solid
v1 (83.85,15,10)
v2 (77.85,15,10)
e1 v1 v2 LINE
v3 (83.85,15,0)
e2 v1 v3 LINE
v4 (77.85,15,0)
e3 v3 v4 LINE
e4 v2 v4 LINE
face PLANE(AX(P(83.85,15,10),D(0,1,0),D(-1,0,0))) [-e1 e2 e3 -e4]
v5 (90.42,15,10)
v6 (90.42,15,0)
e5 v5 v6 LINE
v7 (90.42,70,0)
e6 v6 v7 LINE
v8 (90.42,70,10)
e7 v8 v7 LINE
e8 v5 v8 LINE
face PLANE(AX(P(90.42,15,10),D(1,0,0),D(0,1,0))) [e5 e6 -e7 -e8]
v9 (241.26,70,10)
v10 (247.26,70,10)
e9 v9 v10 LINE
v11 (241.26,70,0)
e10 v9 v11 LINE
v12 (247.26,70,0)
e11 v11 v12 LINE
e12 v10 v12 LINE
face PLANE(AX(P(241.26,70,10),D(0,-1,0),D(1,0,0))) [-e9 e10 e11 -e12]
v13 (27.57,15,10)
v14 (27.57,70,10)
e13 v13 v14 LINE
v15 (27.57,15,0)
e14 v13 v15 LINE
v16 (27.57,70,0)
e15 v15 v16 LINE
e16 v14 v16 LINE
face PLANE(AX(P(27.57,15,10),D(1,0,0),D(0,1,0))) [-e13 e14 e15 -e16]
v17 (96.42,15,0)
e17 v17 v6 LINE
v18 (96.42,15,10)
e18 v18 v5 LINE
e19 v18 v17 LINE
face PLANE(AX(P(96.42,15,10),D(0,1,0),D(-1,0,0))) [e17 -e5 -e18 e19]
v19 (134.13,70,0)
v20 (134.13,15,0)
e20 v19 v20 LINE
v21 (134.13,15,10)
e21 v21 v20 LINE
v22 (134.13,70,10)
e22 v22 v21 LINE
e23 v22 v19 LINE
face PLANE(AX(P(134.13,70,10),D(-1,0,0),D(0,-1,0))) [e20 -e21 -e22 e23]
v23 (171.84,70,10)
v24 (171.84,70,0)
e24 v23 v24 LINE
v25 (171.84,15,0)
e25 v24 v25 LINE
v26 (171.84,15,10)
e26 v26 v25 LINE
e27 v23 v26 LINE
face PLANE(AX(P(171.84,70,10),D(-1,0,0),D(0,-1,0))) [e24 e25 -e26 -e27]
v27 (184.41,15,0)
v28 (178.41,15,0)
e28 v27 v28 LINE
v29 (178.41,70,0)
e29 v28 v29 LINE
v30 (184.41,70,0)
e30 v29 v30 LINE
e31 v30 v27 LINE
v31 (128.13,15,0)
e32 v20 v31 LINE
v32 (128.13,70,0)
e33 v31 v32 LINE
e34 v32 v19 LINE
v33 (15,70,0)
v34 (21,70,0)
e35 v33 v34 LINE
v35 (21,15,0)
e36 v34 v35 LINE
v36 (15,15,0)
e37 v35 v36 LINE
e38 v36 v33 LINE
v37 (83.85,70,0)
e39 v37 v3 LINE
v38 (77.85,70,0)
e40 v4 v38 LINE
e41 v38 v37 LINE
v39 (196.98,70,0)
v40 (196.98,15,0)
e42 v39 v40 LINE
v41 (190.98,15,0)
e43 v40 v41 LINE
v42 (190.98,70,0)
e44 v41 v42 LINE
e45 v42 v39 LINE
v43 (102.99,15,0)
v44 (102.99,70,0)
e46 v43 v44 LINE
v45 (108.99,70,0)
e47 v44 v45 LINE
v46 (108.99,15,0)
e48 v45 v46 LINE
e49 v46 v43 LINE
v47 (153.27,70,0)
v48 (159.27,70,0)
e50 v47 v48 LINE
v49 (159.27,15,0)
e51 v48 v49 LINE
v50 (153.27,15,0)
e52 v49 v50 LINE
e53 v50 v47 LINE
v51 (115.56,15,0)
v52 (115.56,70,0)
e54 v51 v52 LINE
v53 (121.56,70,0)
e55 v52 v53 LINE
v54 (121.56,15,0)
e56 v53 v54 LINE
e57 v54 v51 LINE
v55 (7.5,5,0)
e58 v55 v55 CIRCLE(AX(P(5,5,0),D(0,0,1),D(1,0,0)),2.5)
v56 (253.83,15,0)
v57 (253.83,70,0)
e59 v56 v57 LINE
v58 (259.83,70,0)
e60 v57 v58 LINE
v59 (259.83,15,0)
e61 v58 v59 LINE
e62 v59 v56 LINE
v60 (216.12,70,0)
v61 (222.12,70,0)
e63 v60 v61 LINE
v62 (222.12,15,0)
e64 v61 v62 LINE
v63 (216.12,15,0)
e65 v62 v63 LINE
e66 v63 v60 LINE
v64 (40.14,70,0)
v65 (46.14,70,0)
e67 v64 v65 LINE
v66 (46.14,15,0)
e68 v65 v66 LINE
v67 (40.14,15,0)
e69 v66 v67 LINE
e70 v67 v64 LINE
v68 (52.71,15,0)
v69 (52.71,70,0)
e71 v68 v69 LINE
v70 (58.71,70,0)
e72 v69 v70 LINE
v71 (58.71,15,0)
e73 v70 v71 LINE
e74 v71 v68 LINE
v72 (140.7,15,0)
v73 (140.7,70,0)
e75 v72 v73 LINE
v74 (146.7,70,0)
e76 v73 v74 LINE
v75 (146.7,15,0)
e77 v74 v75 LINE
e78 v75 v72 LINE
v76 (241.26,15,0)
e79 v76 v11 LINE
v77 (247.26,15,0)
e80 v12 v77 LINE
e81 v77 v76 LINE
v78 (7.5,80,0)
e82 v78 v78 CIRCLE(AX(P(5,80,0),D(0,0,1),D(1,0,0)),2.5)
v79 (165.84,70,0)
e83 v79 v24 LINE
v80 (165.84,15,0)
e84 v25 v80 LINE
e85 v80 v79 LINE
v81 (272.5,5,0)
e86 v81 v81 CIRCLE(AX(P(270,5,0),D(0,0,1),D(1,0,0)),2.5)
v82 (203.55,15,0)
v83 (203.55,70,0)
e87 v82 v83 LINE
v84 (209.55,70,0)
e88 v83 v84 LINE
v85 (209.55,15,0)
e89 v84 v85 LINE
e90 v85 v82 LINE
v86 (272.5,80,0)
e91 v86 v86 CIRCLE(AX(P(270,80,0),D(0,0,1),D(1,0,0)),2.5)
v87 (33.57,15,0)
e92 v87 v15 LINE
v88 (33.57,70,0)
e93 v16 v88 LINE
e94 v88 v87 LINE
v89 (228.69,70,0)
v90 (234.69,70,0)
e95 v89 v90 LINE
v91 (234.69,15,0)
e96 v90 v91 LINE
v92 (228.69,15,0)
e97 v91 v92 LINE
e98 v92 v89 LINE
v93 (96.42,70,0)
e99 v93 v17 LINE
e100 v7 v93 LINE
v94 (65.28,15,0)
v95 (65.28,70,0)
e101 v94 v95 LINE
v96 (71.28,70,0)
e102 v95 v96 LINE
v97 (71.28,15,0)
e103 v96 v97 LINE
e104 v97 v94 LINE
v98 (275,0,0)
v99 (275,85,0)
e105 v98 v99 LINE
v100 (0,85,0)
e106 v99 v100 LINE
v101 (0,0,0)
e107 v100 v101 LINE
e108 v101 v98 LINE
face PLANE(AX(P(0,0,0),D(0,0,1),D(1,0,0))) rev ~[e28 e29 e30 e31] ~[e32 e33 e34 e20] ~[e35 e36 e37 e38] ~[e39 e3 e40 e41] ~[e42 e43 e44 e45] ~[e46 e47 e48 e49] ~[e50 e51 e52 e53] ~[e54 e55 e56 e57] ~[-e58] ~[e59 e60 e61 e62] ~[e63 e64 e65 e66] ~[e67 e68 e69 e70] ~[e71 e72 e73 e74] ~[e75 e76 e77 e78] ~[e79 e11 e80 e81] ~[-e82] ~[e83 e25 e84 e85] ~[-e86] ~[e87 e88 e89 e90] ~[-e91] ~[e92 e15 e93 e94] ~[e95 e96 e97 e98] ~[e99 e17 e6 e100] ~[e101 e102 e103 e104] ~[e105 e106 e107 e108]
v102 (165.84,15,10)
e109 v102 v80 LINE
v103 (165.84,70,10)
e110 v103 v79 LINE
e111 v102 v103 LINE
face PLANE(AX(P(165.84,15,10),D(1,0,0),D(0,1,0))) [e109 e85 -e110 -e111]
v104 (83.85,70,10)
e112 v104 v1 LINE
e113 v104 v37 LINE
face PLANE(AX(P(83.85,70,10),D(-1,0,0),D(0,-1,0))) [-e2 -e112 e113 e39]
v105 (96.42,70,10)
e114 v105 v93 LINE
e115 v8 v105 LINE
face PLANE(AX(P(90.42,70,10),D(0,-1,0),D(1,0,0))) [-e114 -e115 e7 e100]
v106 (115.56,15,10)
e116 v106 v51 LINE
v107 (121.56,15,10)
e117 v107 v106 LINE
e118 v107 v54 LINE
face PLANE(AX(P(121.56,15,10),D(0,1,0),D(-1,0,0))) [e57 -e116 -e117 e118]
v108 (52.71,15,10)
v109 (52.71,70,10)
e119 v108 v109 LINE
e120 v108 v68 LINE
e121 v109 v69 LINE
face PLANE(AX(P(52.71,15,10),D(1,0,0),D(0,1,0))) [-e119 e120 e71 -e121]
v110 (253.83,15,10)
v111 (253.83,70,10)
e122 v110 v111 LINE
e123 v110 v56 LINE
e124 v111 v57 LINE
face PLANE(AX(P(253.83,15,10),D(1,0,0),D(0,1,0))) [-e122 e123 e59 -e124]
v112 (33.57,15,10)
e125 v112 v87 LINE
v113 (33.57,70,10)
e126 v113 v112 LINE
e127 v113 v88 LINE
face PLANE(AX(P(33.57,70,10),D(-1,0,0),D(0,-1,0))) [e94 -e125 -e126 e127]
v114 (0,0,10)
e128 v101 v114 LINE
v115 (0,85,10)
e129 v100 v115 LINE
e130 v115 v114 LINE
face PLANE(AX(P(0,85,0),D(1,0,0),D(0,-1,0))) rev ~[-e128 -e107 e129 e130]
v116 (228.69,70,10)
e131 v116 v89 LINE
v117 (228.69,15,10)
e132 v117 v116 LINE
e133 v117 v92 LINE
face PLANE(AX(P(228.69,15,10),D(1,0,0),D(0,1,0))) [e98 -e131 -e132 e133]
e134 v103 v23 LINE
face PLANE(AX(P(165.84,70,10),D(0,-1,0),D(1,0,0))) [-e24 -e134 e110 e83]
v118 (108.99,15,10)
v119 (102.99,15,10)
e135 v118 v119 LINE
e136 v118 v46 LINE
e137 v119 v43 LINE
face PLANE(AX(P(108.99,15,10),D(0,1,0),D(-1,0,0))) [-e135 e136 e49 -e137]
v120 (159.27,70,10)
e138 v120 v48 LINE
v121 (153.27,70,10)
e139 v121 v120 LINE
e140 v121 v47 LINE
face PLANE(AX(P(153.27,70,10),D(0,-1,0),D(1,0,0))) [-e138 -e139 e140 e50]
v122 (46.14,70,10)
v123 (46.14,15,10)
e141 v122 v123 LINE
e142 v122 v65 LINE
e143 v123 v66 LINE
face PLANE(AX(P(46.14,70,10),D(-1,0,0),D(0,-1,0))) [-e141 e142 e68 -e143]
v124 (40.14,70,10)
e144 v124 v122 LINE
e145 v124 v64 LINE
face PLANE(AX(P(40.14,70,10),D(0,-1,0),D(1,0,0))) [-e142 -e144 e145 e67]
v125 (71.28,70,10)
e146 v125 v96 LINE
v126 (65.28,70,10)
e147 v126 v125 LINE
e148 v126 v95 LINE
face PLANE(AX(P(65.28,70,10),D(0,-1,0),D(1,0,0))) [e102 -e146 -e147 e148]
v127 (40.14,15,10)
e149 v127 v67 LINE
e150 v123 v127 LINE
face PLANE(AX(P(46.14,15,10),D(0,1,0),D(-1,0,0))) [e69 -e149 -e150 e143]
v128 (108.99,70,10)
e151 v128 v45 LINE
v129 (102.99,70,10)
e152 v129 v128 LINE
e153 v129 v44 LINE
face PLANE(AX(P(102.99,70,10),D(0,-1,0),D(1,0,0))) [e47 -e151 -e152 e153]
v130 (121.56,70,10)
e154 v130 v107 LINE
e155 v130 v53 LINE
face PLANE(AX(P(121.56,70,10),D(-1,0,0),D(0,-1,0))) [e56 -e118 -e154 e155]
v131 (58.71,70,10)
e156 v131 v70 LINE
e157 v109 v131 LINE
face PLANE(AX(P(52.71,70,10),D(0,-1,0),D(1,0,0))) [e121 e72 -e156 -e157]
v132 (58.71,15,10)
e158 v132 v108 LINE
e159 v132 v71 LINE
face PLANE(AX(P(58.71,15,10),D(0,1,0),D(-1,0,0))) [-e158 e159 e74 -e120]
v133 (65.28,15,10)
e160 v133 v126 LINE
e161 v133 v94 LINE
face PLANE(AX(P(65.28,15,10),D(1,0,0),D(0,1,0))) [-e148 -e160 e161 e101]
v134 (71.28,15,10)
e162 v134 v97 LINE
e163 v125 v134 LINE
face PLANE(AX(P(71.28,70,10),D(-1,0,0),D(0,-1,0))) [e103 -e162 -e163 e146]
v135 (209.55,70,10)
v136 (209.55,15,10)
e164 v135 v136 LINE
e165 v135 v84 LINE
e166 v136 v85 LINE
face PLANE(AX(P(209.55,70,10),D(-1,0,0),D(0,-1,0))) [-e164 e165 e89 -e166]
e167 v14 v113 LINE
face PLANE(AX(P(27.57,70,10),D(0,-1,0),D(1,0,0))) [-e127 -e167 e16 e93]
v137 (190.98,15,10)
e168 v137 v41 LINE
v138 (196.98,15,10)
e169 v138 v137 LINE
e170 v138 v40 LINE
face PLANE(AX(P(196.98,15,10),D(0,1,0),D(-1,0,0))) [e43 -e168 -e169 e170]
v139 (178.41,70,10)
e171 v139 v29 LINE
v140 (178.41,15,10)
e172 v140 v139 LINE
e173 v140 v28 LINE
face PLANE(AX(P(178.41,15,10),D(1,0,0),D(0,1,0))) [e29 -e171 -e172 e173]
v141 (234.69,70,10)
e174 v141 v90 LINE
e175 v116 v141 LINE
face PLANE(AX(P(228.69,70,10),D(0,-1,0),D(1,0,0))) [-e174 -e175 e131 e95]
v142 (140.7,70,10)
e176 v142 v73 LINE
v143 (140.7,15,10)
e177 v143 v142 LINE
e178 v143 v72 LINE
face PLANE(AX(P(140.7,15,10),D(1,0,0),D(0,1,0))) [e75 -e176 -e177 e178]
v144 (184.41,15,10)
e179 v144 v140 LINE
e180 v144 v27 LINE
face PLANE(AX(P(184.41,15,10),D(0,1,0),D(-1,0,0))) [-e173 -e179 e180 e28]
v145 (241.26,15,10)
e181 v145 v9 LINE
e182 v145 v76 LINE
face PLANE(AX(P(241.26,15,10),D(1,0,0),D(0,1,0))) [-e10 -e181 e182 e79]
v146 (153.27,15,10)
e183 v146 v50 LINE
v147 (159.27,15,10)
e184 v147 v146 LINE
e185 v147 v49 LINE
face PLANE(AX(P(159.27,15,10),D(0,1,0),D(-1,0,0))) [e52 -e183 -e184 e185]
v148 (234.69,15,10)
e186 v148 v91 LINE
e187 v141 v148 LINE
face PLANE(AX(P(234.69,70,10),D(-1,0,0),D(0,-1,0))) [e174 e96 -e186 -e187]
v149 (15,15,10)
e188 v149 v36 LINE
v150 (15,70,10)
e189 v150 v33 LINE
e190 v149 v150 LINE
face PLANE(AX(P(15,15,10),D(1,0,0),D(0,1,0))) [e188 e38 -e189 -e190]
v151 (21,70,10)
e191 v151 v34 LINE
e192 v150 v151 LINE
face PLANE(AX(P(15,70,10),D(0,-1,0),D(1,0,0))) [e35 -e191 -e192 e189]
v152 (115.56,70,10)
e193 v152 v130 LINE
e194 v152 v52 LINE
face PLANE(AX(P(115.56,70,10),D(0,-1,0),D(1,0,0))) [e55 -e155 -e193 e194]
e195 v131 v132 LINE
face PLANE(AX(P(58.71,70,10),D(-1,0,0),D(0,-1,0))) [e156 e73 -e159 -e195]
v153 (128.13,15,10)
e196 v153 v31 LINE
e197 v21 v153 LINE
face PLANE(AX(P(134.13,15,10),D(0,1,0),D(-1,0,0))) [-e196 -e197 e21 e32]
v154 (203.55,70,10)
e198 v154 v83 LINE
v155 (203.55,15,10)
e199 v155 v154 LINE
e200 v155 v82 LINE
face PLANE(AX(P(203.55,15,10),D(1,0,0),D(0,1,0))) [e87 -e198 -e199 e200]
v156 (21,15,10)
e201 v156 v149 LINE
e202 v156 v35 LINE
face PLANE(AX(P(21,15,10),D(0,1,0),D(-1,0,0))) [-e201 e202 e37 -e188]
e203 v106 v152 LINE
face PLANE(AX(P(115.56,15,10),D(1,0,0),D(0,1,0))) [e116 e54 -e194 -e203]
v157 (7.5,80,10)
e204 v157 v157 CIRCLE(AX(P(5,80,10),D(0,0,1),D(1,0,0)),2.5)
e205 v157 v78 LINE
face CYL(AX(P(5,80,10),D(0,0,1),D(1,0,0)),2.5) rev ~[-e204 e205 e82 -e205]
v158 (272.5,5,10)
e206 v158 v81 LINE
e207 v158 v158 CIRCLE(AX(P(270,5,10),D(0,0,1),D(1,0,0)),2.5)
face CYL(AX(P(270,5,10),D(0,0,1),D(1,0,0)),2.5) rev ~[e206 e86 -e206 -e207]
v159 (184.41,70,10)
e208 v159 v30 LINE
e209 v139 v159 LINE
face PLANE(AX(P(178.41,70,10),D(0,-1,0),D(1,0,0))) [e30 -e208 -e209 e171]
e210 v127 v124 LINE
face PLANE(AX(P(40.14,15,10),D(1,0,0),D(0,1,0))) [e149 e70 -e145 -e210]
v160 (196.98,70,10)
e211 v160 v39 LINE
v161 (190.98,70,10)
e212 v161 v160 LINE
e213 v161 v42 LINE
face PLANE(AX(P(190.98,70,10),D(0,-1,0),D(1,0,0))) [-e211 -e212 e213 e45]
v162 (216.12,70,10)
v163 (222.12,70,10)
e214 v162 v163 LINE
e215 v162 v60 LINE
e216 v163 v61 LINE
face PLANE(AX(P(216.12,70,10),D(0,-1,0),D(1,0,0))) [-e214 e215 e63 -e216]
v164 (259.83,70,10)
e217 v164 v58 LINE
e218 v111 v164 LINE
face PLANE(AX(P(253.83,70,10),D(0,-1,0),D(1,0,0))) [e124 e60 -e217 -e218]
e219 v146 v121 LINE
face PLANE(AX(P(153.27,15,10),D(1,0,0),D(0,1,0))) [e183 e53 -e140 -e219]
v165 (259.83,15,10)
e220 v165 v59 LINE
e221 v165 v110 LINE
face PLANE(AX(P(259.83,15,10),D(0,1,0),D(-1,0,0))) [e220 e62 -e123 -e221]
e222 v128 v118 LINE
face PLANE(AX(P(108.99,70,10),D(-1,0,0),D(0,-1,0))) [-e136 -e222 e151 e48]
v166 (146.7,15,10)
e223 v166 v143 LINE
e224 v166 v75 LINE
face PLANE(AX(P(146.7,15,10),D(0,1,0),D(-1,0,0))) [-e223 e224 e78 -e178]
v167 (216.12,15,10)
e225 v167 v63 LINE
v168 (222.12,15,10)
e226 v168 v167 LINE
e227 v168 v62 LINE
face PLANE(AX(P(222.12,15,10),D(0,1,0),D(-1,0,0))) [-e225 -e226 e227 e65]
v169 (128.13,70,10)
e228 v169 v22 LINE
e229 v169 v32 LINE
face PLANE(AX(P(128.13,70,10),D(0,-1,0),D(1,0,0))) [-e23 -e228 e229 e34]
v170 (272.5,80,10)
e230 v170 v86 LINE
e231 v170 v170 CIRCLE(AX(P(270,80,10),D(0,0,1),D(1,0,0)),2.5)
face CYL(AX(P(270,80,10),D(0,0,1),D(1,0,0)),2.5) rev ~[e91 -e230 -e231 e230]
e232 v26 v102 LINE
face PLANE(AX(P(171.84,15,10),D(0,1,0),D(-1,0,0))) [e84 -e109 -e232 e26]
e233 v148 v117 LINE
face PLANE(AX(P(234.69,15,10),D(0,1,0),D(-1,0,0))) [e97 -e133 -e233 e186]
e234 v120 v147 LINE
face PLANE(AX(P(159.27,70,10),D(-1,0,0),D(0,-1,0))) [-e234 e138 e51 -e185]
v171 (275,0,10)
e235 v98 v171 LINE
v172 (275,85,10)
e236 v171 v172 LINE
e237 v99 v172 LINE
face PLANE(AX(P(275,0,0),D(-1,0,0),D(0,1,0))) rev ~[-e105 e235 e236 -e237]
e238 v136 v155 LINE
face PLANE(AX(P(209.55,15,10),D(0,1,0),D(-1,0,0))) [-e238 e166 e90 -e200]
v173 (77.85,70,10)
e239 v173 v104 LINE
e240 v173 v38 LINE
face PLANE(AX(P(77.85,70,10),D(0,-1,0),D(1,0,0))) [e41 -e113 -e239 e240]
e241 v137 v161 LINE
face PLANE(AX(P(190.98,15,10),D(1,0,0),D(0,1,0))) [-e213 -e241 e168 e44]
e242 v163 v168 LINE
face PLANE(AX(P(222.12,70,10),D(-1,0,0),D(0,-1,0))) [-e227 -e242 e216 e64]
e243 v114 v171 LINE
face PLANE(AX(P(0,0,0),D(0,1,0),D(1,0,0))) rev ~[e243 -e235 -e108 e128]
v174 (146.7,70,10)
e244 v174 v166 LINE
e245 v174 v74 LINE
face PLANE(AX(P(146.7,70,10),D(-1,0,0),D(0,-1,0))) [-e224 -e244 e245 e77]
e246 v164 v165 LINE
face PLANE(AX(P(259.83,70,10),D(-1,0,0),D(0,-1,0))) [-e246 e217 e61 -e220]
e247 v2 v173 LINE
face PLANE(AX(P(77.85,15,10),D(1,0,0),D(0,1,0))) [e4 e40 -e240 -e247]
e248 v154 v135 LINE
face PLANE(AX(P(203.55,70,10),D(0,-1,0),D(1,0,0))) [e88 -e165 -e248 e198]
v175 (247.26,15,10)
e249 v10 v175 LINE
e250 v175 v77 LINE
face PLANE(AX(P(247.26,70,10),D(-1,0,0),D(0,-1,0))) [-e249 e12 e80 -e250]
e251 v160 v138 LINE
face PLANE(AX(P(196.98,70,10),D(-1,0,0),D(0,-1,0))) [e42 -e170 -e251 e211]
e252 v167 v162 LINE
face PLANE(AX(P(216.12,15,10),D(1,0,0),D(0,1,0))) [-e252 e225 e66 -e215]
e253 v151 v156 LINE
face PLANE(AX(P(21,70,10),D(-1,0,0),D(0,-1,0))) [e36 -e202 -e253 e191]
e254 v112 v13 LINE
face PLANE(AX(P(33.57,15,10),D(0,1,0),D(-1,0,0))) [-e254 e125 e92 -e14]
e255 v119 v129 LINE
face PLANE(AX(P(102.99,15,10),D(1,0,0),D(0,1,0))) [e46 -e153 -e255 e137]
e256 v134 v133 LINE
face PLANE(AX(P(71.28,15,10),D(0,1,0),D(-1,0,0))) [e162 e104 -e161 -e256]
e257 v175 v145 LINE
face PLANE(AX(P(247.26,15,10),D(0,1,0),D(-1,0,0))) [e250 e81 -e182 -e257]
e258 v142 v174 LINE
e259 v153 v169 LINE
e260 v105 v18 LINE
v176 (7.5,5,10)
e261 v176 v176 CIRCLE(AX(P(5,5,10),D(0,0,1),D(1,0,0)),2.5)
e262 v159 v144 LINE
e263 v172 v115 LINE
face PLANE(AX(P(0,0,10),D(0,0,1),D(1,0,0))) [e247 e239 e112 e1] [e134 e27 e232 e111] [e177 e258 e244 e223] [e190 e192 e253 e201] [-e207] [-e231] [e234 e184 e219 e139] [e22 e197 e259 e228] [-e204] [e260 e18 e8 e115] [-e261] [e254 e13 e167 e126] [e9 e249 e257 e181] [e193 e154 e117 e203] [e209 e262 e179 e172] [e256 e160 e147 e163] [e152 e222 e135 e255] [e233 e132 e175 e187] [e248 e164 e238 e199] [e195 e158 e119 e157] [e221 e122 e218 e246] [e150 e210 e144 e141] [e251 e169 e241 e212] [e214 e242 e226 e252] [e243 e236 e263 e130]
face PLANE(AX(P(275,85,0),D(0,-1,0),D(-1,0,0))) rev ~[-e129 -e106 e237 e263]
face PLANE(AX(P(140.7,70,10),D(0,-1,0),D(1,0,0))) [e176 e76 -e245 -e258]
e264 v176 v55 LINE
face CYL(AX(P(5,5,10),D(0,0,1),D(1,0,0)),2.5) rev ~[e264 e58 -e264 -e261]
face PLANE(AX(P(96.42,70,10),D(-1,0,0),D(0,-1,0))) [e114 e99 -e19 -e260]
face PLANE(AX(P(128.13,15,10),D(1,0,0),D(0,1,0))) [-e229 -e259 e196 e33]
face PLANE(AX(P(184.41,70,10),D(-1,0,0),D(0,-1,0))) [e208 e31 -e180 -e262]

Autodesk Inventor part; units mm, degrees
ref_plane "YZ Plane" through (0, 0, 0) normal (1, 0, 0) x (0, 1, 0)
ref_plane "XZ Plane" through (0, 0, 0) normal (0, 1, 0) x (-1, 0, 0)
ref_plane "XY Plane" through (0, 0, 0) normal (0, 0, 1) x (1, 0, 0)
sketch "Sketch1" plane through (0, 0, 0) normal (0, 0, 1) x (1, 0, 0)
  line L0 (0, 0) -> (275, 0)
  line L1 (275, 0) -> (275, 85)
  line L2 (275, 85) -> (0, 85)
  line L3 (0, 85) -> (0, 0)
  dimension "d0" = 275
  dimension "d1" = 85
extrude "Extrusion1" add sketch "Sketch1" along normal blind 10
sketch "Sketch2" plane through (0, 0, 10) normal (0, 0, 1) x (1, 0, 0)
  line L0 (0, 0) -> (275, 0) construction
  line L1 (275, 0) -> (275, 85) construction
  line L2 (275, 85) -> (0, 85) construction
  line L3 (0, 85) -> (0, 0) construction
  line L4 (5, 80) -> (270, 80) construction
  line L5 (270, 80) -> (270, 5) construction
  line L6 (270, 5) -> (5, 5) construction
  line L7 (5, 5) -> (5, 80) construction
  line L8 (10, 75) -> (265, 75) construction
  line L9 (265, 75) -> (265, 10) construction
  line L10 (265, 10) -> (10, 10) construction
  line L11 (10, 10) -> (10, 75) construction
  circle A0 centre (5, 80) radius 2.5
  circle A1 centre (270, 80) radius 2.5
  circle A2 centre (270, 5) radius 2.5
  circle A3 centre (5, 5) radius 2.5
  line L12 (15, 70) -> (21, 70)
  line L13 (21, 70) -> (21, 15)
  line L14 (21, 15) -> (15, 15)
  line L15 (15, 15) -> (15, 70)
  line L16 (15, 70) -> (260, 70) construction
  line L17 (260, 70) -> (260, 15) construction
  line L18 (260, 15) -> (15, 15) construction
  line L19 (15, 15) -> (15, 70) construction
  line L20 (33.57, 70) -> (33.57, 15)
  line L21 (27.57, 70) -> (33.57, 70)
  line L22 (27.57, 15) -> (27.57, 70)
  line L23 (27.57, 15) -> (27.57, 70) construction
  line L24 (33.57, 15) -> (27.57, 15)
  line L25 (46.14, 70) -> (46.14, 15)
  line L26 (40.14, 70) -> (46.14, 70)
  line L27 (40.14, 15) -> (40.14, 70)
  line L28 (40.14, 15) -> (40.14, 70) construction
  line L29 (46.14, 15) -> (40.14, 15)
  line L30 (58.71, 70) -> (58.71, 15)
  line L31 (52.71, 70) -> (58.71, 70)
  line L32 (52.71, 15) -> (52.71, 70)
  line L33 (52.71, 15) -> (52.71, 70) construction
  line L34 (58.71, 15) -> (52.71, 15)
  line L35 (71.28, 70) -> (71.28, 15)
  line L36 (65.28, 70) -> (71.28, 70)
  line L37 (65.28, 15) -> (65.28, 70)
  line L38 (65.28, 15) -> (65.28, 70) construction
  line L39 (71.28, 15) -> (65.28, 15)
  line L40 (83.85, 70) -> (83.85, 15)
  line L41 (77.85, 70) -> (83.85, 70)
  line L42 (77.85, 15) -> (77.85, 70)
  line L43 (77.85, 15) -> (77.85, 70) construction
  line L44 (83.85, 15) -> (77.85, 15)
  line L45 (96.42, 70) -> (96.42, 15)
  line L46 (90.42, 70) -> (96.42, 70)
  line L47 (90.42, 15) -> (90.42, 70)
  line L48 (90.42, 15) -> (90.42, 70) construction
  line L49 (96.42, 15) -> (90.42, 15)
  line L50 (108.99, 70) -> (108.99, 15)
  line L51 (102.99, 70) -> (108.99, 70)
  line L52 (102.99, 15) -> (102.99, 70)
  line L53 (102.99, 15) -> (102.99, 70) construction
  line L54 (108.99, 15) -> (102.99, 15)
  line L55 (121.56, 70) -> (121.56, 15)
  line L56 (115.56, 70) -> (121.56, 70)
  line L57 (115.56, 15) -> (115.56, 70)
  line L58 (115.56, 15) -> (115.56, 70) construction
  line L59 (121.56, 15) -> (115.56, 15)
  line L60 (134.13, 70) -> (134.13, 15)
  line L61 (128.13, 70) -> (134.13, 70)
  line L62 (128.13, 15) -> (128.13, 70)
  line L63 (128.13, 15) -> (128.13, 70) construction
  line L64 (134.13, 15) -> (128.13, 15)
  line L65 (146.7, 70) -> (146.7, 15)
  line L66 (140.7, 70) -> (146.7, 70)
  line L67 (140.7, 15) -> (140.7, 70)
  line L68 (140.7, 15) -> (140.7, 70) construction
  line L69 (146.7, 15) -> (140.7, 15)
  line L70 (159.27, 70) -> (159.27, 15)
  line L71 (153.27, 70) -> (159.27, 70)
  line L72 (153.27, 15) -> (153.27, 70)
  line L73 (153.27, 15) -> (153.27, 70) construction
  line L74 (159.27, 15) -> (153.27, 15)
  line L75 (171.84, 70) -> (171.84, 15)
  line L76 (165.84, 70) -> (171.84, 70)
  line L77 (165.84, 15) -> (165.84, 70)
  line L78 (165.84, 15) -> (165.84, 70) construction
  line L79 (171.84, 15) -> (165.84, 15)
  line L80 (184.41, 70) -> (184.41, 15)
  line L81 (178.41, 70) -> (184.41, 70)
  line L82 (178.41, 15) -> (178.41, 70)
  line L83 (178.41, 15) -> (178.41, 70) construction
  line L84 (184.41, 15) -> (178.41, 15)
  line L85 (196.98, 70) -> (196.98, 15)
  line L86 (190.98, 70) -> (196.98, 70)
  line L87 (190.98, 15) -> (190.98, 70)
  line L88 (190.98, 15) -> (190.98, 70) construction
  line L89 (196.98, 15) -> (190.98, 15)
  line L90 (209.55, 70) -> (209.55, 15)
  line L91 (203.55, 70) -> (209.55, 70)
  line L92 (203.55, 15) -> (203.55, 70)
  line L93 (203.55, 15) -> (203.55, 70) construction
  line L94 (209.55, 15) -> (203.55, 15)
  line L95 (222.12, 70) -> (222.12, 15)
  line L96 (216.12, 70) -> (222.12, 70)
  line L97 (216.12, 15) -> (216.12, 70)
  line L98 (216.12, 15) -> (216.12, 70) construction
  line L99 (222.12, 15) -> (216.12, 15)
  line L100 (234.69, 70) -> (234.69, 15)
  line L101 (228.69, 70) -> (234.69, 70)
  line L102 (228.69, 15) -> (228.69, 70)
  line L103 (228.69, 15) -> (228.69, 70) construction
  line L104 (234.69, 15) -> (228.69, 15)
  line L105 (247.26, 70) -> (247.26, 15)
  line L106 (241.26, 70) -> (247.26, 70)
  line L107 (241.26, 15) -> (241.26, 70)
  line L108 (241.26, 15) -> (241.26, 70) construction
  line L109 (247.26, 15) -> (241.26, 15)
  line L110 (259.83, 70) -> (259.83, 15)
  line L111 (253.83, 70) -> (259.83, 70)
  line L112 (253.83, 15) -> (253.83, 70)
  line L113 (253.83, 15) -> (253.83, 70) construction
  line L114 (259.83, 15) -> (253.83, 15)
  dimension "d4" = 5
  dimension "d5" = 10
  dimension "d6" = 5
  dimension "d7" = 5
  dimension "d8" = 5
  dimension "d9" = 5
  dimension "d10" = 6
  dimension "d11" = 15
  dimension "d14" = 12.57
extrude "Extrusion2" cut sketch "Sketch2" against normal through all
properties part number "HA006" material "ABS Plastic"
